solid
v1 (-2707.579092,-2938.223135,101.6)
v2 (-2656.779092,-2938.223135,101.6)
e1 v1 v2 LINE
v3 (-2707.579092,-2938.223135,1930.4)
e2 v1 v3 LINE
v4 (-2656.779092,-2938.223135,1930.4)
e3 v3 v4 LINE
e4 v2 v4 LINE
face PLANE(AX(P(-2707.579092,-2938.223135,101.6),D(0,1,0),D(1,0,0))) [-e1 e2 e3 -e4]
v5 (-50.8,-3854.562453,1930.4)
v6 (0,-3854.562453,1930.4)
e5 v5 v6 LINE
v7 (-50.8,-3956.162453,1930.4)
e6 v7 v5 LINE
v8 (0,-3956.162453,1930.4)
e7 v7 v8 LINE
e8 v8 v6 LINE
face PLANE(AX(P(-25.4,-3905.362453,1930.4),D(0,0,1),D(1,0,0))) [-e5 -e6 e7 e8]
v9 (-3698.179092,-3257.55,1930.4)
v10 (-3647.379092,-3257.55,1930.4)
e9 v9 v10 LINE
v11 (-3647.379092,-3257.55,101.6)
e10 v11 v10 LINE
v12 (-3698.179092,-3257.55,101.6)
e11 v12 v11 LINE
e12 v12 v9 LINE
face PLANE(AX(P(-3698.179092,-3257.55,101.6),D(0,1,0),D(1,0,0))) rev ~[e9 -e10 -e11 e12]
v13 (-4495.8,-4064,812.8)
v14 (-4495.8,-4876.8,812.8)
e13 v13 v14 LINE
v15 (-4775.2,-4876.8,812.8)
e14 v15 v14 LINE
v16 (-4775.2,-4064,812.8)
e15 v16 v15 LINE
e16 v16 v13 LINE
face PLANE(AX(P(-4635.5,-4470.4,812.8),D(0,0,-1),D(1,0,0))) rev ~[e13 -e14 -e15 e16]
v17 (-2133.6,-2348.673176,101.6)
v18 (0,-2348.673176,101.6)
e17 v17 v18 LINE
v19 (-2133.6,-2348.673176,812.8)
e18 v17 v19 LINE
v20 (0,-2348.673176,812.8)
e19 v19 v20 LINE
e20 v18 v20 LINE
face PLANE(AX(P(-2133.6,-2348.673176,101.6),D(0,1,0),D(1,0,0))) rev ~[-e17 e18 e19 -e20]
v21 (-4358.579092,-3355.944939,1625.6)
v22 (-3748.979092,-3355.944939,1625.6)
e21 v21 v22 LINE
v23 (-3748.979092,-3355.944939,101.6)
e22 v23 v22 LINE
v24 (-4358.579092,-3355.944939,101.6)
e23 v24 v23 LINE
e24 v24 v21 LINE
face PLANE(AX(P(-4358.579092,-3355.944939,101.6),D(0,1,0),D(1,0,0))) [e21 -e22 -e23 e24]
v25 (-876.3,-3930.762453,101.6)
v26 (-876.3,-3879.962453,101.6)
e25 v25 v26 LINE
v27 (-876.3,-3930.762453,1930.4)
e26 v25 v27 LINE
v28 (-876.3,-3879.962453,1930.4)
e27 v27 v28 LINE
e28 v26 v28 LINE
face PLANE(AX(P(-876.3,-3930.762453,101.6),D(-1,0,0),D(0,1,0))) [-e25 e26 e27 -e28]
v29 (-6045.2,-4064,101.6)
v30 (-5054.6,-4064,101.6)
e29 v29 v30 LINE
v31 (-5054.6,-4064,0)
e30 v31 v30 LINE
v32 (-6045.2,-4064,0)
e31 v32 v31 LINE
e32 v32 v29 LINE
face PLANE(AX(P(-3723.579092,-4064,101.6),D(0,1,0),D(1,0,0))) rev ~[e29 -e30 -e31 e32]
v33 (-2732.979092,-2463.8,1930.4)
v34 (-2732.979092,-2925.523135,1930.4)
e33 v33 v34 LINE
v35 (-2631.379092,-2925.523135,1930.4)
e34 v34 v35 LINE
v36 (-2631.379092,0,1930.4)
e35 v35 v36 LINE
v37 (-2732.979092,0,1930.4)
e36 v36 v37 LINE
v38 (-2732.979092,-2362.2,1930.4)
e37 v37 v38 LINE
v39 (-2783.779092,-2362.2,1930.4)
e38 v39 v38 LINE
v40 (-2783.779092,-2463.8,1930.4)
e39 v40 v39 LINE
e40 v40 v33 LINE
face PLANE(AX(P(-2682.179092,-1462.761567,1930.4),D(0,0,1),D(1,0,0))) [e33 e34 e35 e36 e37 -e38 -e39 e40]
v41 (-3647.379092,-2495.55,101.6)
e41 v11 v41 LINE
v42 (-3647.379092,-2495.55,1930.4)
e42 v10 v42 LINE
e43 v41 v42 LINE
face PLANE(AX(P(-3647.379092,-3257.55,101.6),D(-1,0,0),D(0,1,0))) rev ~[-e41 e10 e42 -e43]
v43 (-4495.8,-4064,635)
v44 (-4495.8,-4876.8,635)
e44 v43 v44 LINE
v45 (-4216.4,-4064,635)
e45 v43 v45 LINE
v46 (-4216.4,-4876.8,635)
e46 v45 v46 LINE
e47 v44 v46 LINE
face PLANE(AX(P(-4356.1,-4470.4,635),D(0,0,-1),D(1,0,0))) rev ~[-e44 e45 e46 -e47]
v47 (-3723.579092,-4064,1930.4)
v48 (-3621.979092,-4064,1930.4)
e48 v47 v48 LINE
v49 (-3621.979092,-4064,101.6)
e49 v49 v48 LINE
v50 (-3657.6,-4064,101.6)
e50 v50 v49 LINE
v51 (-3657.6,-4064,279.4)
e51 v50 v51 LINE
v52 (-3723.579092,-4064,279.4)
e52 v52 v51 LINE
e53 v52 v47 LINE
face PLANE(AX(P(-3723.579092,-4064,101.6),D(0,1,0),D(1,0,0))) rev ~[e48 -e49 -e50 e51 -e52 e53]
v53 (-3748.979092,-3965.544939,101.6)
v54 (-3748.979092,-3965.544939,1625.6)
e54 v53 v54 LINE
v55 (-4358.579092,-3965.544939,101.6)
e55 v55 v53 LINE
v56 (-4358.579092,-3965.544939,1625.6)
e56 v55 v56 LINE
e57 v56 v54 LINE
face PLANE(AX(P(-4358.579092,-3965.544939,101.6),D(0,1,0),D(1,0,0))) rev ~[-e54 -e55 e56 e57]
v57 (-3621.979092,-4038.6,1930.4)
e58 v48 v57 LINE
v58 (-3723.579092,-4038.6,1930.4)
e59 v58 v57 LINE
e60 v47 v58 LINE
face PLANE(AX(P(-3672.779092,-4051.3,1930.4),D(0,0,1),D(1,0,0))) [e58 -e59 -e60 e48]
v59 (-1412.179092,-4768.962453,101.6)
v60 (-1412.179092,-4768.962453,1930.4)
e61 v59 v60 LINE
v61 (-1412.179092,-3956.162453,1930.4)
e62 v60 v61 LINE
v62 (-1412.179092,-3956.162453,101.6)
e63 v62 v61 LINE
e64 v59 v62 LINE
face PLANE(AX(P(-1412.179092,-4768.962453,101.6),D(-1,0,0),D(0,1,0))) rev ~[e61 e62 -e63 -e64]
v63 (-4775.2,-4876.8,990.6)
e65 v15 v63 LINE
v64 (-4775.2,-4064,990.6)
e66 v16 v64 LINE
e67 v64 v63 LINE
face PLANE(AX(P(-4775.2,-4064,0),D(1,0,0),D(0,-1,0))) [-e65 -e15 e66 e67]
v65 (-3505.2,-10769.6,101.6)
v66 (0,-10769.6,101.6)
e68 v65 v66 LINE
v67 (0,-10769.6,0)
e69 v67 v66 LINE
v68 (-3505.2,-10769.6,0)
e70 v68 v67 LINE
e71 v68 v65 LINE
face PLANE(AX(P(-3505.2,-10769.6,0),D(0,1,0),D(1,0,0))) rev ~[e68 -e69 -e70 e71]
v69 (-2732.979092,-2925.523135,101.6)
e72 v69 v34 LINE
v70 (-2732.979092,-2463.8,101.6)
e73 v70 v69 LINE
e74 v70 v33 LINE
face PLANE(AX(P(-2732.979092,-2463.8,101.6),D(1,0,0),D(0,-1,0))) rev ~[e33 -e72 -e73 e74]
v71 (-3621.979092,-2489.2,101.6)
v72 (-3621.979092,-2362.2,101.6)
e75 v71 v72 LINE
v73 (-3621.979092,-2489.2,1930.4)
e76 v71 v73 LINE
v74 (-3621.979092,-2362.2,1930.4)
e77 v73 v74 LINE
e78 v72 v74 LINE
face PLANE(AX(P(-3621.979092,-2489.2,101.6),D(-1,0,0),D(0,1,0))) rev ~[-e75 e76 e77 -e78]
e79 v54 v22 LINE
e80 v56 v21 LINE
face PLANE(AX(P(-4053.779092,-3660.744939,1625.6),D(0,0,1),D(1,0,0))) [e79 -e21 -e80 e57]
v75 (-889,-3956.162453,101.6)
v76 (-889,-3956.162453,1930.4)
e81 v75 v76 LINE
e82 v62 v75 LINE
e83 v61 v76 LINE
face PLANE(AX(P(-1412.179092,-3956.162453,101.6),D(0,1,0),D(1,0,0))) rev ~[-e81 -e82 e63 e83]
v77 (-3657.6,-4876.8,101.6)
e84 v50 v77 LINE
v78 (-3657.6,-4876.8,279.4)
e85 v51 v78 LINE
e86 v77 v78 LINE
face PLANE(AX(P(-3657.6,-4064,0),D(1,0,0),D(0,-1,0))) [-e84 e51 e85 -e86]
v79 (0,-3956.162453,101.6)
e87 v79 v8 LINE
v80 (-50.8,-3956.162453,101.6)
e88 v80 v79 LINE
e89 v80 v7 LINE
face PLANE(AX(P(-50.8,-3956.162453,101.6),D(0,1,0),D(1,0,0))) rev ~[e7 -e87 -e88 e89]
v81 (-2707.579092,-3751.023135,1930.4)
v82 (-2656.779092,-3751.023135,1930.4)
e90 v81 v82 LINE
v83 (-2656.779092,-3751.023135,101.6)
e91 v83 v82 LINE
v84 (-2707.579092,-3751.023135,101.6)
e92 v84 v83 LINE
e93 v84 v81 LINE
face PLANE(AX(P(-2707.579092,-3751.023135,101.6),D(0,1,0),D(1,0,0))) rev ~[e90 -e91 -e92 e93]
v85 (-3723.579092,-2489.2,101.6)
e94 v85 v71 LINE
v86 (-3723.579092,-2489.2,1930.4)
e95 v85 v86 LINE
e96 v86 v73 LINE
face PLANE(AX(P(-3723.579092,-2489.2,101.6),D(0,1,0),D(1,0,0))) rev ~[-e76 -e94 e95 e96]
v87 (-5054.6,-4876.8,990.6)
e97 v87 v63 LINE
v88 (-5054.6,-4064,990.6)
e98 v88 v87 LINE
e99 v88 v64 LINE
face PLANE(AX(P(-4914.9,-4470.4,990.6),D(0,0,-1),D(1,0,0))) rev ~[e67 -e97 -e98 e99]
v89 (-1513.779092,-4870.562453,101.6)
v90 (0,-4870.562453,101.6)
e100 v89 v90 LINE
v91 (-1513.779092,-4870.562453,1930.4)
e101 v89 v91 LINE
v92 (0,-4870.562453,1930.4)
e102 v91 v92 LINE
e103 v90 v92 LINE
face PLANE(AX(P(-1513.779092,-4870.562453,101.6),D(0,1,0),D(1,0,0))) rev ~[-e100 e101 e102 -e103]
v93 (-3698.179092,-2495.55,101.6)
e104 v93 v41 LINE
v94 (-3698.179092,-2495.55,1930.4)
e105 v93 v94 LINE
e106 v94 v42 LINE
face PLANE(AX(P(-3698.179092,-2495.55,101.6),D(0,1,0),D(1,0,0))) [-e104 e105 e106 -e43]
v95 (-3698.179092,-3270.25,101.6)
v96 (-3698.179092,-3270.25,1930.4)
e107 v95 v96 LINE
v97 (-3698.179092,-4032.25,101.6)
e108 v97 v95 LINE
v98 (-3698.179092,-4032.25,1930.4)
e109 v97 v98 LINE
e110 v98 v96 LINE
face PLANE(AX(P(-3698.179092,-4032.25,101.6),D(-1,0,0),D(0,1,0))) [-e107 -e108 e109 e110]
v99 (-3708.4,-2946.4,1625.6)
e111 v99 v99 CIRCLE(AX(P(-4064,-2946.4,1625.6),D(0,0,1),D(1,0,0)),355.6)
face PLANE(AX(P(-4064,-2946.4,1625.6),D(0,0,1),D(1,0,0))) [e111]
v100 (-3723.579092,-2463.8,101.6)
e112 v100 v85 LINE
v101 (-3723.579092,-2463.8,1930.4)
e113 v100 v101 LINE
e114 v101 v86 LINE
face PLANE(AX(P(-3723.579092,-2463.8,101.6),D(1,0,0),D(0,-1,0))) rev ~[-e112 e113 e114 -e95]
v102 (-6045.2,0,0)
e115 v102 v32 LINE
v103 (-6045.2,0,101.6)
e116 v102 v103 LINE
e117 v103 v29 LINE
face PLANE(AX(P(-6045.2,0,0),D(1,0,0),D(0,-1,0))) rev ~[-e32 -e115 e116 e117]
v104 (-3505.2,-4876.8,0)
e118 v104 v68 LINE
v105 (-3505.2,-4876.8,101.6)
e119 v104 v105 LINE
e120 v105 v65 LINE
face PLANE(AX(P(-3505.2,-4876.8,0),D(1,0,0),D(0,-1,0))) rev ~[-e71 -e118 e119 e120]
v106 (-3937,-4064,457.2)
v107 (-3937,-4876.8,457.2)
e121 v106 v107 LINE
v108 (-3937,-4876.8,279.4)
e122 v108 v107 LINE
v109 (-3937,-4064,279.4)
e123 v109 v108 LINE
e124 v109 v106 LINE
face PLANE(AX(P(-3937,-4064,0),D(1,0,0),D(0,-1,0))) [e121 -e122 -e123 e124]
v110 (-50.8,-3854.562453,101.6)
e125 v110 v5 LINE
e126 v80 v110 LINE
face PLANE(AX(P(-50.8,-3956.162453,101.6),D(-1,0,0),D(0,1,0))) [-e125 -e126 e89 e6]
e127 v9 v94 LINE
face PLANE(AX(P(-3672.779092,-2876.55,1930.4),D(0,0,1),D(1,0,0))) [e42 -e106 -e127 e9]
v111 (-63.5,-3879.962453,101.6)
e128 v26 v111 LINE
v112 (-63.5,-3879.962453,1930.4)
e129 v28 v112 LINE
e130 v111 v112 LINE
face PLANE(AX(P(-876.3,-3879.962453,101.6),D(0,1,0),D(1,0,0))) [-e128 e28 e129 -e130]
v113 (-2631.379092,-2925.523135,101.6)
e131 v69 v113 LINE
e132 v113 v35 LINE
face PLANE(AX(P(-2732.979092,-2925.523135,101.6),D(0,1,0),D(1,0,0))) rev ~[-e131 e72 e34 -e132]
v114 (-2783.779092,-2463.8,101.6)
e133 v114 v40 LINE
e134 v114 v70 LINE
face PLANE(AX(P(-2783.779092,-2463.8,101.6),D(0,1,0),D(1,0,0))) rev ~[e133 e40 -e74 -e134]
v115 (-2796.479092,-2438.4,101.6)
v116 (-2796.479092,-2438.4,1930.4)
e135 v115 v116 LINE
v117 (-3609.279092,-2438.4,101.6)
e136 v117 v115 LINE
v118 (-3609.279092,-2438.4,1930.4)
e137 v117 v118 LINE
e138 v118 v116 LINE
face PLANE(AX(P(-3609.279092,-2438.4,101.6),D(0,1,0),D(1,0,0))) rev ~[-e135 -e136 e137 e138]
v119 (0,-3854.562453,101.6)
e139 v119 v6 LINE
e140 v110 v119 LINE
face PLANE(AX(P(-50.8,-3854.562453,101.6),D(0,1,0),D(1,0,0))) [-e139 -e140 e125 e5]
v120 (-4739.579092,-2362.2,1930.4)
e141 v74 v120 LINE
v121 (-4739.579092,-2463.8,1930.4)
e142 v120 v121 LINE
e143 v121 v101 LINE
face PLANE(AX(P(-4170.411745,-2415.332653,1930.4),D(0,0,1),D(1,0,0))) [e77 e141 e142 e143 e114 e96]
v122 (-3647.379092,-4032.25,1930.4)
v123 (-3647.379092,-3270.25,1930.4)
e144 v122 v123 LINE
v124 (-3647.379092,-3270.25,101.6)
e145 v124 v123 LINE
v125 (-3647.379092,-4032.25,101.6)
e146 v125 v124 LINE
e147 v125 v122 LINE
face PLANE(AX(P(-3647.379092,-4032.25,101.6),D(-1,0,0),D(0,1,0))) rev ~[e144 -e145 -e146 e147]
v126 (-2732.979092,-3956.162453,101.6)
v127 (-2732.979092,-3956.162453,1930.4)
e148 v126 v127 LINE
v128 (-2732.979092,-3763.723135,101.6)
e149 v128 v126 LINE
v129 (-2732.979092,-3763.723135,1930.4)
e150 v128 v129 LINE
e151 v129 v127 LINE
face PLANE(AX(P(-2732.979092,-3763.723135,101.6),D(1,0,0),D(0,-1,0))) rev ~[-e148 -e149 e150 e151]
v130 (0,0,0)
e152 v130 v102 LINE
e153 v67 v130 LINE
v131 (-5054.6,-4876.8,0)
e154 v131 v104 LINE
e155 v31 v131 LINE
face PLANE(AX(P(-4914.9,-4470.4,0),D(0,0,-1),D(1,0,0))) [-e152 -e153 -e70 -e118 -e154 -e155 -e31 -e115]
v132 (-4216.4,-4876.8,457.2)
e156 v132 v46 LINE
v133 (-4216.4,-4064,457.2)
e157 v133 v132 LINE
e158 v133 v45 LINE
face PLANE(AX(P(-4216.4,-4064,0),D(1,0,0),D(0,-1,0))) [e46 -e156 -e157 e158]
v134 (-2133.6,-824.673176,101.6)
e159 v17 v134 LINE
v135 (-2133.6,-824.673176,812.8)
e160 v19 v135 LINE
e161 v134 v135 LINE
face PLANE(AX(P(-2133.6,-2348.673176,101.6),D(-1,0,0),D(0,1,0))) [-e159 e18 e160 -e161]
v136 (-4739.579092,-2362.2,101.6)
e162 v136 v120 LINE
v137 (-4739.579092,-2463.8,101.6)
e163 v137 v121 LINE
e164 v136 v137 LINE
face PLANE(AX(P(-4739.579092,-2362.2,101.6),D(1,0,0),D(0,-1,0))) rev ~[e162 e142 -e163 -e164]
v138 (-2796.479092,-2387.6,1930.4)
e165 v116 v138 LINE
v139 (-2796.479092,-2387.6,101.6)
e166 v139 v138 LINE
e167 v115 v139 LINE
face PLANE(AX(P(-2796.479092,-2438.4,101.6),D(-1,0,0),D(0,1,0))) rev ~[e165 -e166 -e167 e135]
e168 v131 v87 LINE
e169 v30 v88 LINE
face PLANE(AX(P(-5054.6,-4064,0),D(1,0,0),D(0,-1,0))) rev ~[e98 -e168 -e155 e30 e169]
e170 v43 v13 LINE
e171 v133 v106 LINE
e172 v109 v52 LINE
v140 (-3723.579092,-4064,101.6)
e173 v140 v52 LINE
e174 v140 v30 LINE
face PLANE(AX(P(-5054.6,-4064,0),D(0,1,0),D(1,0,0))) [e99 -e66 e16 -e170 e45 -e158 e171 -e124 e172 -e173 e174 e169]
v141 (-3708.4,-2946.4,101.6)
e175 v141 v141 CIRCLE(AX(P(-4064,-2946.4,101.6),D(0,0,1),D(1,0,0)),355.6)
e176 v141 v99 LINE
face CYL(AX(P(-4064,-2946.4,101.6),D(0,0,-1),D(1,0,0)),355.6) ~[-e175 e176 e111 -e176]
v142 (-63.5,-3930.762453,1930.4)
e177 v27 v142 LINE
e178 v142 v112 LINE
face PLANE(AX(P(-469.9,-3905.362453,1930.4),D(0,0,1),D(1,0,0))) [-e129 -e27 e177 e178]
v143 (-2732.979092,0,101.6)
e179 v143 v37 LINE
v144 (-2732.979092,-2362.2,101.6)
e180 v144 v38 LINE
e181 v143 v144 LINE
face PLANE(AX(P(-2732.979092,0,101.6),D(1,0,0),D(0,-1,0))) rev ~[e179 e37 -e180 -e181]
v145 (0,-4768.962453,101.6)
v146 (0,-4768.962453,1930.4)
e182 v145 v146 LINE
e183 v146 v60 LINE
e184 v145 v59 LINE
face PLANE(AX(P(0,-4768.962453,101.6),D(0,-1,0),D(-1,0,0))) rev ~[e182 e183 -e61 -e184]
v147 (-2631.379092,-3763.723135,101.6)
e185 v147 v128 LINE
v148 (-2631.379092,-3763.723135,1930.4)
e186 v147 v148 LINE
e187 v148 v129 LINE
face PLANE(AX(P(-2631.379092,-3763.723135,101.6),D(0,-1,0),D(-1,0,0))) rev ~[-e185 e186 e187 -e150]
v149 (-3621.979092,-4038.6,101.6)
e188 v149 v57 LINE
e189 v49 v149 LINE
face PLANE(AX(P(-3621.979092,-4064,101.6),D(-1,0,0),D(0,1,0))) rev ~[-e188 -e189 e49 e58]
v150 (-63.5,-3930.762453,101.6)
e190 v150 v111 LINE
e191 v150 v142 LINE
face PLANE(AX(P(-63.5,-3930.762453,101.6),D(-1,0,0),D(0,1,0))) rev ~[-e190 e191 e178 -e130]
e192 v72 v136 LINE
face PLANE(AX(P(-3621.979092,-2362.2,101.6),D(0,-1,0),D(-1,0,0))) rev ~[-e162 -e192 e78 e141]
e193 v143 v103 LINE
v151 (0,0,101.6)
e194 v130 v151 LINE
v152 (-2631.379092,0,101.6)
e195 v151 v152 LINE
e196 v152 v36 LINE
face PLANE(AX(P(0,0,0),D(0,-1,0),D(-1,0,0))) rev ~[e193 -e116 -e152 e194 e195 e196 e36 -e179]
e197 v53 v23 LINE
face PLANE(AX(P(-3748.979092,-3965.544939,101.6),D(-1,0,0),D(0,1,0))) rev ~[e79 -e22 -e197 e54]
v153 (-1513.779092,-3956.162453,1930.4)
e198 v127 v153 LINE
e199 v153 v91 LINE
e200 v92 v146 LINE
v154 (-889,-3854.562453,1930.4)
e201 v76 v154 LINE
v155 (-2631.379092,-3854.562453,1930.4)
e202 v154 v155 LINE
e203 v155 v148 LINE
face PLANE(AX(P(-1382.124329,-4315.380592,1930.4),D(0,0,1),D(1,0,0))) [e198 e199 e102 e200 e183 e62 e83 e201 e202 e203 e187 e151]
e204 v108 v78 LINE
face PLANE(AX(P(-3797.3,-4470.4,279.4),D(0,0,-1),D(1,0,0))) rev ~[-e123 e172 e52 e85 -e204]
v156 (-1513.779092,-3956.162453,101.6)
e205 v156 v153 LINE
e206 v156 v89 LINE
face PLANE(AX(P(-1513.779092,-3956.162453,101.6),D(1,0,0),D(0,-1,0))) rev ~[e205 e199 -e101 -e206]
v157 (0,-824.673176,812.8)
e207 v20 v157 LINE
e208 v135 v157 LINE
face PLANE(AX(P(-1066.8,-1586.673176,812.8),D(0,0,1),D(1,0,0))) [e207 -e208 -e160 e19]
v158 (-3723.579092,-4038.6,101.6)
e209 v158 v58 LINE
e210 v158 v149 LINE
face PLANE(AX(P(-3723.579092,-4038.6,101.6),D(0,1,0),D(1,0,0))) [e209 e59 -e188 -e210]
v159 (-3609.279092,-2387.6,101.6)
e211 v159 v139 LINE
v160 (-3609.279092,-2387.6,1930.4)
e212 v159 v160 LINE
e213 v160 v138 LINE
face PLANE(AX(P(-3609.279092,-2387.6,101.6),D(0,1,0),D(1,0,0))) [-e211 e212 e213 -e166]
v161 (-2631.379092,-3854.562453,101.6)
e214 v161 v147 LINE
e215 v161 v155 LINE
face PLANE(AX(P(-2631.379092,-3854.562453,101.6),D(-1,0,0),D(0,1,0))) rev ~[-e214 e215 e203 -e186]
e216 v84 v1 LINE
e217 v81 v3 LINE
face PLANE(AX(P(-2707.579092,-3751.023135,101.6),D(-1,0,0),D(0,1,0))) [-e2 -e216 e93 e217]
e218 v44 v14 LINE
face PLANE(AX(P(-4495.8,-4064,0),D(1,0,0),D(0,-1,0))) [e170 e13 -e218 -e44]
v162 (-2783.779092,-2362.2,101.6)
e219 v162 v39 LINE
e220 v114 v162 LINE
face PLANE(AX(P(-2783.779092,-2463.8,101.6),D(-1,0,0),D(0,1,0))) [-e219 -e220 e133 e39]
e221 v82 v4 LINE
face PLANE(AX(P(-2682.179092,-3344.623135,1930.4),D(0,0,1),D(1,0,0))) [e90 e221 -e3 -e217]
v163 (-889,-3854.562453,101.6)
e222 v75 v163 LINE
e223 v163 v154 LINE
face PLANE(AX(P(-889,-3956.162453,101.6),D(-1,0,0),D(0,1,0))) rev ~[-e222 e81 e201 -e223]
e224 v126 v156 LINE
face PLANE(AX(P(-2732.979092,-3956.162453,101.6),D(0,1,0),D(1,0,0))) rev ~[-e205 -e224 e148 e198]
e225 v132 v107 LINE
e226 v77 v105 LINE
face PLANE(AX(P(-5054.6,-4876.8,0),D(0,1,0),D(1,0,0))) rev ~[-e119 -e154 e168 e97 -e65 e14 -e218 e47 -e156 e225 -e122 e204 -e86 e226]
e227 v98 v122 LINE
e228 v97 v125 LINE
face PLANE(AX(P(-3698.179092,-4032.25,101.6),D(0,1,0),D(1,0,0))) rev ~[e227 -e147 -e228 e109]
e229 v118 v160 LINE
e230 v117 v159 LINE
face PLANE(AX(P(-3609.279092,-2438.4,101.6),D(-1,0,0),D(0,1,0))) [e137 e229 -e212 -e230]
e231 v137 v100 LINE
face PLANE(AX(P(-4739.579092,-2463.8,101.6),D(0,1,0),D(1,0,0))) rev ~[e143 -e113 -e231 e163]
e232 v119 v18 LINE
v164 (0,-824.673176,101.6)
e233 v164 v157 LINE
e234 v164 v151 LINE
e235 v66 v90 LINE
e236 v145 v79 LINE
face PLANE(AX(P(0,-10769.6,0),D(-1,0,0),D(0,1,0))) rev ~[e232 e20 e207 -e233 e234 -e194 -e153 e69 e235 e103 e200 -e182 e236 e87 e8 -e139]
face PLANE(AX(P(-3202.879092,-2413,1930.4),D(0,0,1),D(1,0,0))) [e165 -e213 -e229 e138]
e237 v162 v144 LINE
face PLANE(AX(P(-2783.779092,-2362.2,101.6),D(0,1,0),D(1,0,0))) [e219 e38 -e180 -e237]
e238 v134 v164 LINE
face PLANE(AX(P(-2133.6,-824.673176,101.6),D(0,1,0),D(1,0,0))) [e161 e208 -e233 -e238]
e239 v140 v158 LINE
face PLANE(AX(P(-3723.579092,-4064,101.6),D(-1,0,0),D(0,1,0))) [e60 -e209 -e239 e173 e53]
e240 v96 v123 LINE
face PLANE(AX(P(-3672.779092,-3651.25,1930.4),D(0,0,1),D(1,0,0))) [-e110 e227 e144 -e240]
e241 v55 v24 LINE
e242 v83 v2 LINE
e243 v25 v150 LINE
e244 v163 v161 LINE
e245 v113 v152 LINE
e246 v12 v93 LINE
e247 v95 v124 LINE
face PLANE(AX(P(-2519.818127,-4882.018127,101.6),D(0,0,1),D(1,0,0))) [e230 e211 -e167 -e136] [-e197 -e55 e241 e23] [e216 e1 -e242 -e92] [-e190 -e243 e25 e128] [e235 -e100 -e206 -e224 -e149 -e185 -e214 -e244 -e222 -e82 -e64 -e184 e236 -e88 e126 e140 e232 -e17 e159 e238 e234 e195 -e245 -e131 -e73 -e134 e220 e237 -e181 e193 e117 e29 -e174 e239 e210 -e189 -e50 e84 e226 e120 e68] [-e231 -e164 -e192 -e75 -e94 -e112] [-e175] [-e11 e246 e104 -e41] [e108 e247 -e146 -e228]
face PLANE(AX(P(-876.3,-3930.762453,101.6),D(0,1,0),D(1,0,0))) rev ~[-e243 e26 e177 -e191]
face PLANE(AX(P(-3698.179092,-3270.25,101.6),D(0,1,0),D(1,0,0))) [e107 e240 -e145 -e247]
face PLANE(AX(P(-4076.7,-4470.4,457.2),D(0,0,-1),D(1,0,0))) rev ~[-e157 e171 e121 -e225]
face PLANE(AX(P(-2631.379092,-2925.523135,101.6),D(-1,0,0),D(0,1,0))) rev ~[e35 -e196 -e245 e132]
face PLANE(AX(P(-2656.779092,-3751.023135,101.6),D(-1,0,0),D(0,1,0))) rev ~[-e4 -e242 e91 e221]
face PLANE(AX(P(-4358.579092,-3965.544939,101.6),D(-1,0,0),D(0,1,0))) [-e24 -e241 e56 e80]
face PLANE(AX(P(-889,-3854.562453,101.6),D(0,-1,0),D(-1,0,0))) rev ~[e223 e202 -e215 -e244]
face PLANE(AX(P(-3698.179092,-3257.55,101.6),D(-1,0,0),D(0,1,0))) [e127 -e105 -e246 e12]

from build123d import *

# Parameters (mm, degrees)
F1_DEPTH  = 101.6
F2_R      = 355.6
F2_W      = 609.6
F2_H      = 609.6
F3_DEPTH  = 1524
F4_W      = 101.6
F4_H      = 25.4
F4_W_2    = 50.8
F4_H_2    = 762
F4_H_3    = 101.6
F4_W_3    = 812.8
F4_H_4    = 50.8
F4_H_5    = 812.8
F5_DEPTH  = 1828.8
F6_W      = 279.4
F6_H      = 812.8
F7_DEPTH  = 279.4
F8_W      = 279.4
F8_H      = 812.8
F9_DEPTH  = 457.2
F10_W     = 279.4
F10_H     = 812.8
F11_DEPTH = 635
F12_W     = 279.4
F12_H     = 812.8
F13_DEPTH = 812.8
F14_W     = 279.4
F14_H     = 812.8
F15_DEPTH = 990.6
F16_W     = 2133.6
F16_H     = 1524
F17_DEPTH = 711.2


with BuildPart() as f1:
    # F0 (on Top) → F1 (new body)
    with BuildSketch(Plane.XY):
        Polygon((0, -4064), (0, 0), (-6045.2, 0), (-6045.2, -4064), (-3657.6, -4064), (-3657.6, -4876.8), (-3505.2, -4876.8), (-3505.2, -10769.6), (0, -10769.6), align=None)
    extrude(amount=F1_DEPTH)

    # F2 (on face) → F3 (join)
    with BuildSketch(Plane.XY.offset(101.6)):
        with Locations((-4064, -2946.4)):
            Circle(F2_R)
        with Locations((-4053.779092, -3660.744939)):
            Rectangle(F2_W, F2_H)
    extrude(amount=F3_DEPTH)

    # F4 (on face) → F5 (join)
    with BuildSketch(Plane.XY.offset(101.6)):
        with Locations((-3672.779092, -4051.3)):
            Rectangle(F4_W, F4_H)
        with Locations((-3672.779092, -3651.25)):
            Rectangle(F4_W_2, F4_H_2)
        with Locations((-3672.779092, -2876.55)):
            Rectangle(F4_W_2, F4_H_2)
        Polygon((-3723.579092, -2463.8), (-3723.579092, -2489.2), (-3621.979092, -2489.2), (-3621.979092, -2463.8), (-3621.979092, -2362.2), (-4739.579092, -2362.2), (-4739.579092, -2463.8), align=None)
        Polygon((-2631.379092, -2925.523135), (-2631.379092, 0), (-2732.979092, 0), (-2732.979092, -2362.2), (-2732.979092, -2463.8), (-2732.979092, -2925.523135), align=None)
        with Locations((-2758.379092, -2413)):
            Rectangle(F4_W_2, F4_H_3)
        Polygon((-889, -3854.562453), (-2631.379092, -3854.562453), (-2631.379092, -3763.723135), (-2732.979092, -3763.723135), (-2732.979092, -3854.562453), (-2732.979092, -3956.162453), (-1513.779092, -3956.162453), (-1513.779092, -4870.562453), (-1412.179092, -4870.562453), (0, -4870.562453), (0, -4768.962453), (-1412.179092, -4768.962453), (-1412.179092, -3956.162453), (-889, -3956.162453), align=None)
        with Locations((-25.4, -3905.362453)):
            Rectangle(F4_W_2, F4_H_3)
        with Locations((-3202.879092, -2413)):
            Rectangle(F4_W_3, F4_H_4)
        with Locations((-2682.179092, -3344.623135)):
            Rectangle(F4_W_2, F4_H_5)
        with Locations((-469.9, -3905.362453)):
            Rectangle(F4_W_3, F4_H_4)
    extrude(amount=F5_DEPTH)

    # F6 (on face) → F7 (join)
    with BuildSketch(Plane(origin=(0, 0, 0), x_dir=(1, 0, 0), z_dir=(0, 0, -1))):
        with Locations((-3797.3, 4470.4)):
            Rectangle(F6_W, F6_H)
    extrude(amount=-F7_DEPTH)

    # F8 (on face) → F9 (join)
    with BuildSketch(Plane(origin=(0, 0, 0), x_dir=(1, 0, 0), z_dir=(0, 0, -1))):
        with Locations((-4076.7, 4470.4)):
            Rectangle(F8_W, F8_H)
    extrude(amount=-F9_DEPTH)

    # F10 (on face) → F11 (join)
    with BuildSketch(Plane(origin=(0, 0, 0), x_dir=(1, 0, 0), z_dir=(0, 0, -1))):
        with Locations((-4356.1, 4470.4)):
            Rectangle(F10_W, F10_H)
    extrude(amount=-F11_DEPTH)

    # F12 (on face) → F13 (join)
    with BuildSketch(Plane(origin=(0, 0, 0), x_dir=(1, 0, 0), z_dir=(0, 0, -1))):
        with Locations((-4635.5, 4470.4)):
            Rectangle(F12_W, F12_H)
    extrude(amount=-F13_DEPTH)

    # F14 (on face) → F15 (join)
    with BuildSketch(Plane(origin=(0, 0, 0), x_dir=(1, 0, 0), z_dir=(0, 0, -1))):
        with Locations((-4914.9, 4470.4)):
            Rectangle(F14_W, F14_H)
    extrude(amount=-F15_DEPTH)

    # F16 (on face) → F17 (join)
    with BuildSketch(Plane.XY.offset(101.6)):
        with Locations((-1066.8, -1586.673176)):
            Rectangle(F16_W, F16_H)
    extrude(amount=F17_DEPTH)


solid = f1.part
